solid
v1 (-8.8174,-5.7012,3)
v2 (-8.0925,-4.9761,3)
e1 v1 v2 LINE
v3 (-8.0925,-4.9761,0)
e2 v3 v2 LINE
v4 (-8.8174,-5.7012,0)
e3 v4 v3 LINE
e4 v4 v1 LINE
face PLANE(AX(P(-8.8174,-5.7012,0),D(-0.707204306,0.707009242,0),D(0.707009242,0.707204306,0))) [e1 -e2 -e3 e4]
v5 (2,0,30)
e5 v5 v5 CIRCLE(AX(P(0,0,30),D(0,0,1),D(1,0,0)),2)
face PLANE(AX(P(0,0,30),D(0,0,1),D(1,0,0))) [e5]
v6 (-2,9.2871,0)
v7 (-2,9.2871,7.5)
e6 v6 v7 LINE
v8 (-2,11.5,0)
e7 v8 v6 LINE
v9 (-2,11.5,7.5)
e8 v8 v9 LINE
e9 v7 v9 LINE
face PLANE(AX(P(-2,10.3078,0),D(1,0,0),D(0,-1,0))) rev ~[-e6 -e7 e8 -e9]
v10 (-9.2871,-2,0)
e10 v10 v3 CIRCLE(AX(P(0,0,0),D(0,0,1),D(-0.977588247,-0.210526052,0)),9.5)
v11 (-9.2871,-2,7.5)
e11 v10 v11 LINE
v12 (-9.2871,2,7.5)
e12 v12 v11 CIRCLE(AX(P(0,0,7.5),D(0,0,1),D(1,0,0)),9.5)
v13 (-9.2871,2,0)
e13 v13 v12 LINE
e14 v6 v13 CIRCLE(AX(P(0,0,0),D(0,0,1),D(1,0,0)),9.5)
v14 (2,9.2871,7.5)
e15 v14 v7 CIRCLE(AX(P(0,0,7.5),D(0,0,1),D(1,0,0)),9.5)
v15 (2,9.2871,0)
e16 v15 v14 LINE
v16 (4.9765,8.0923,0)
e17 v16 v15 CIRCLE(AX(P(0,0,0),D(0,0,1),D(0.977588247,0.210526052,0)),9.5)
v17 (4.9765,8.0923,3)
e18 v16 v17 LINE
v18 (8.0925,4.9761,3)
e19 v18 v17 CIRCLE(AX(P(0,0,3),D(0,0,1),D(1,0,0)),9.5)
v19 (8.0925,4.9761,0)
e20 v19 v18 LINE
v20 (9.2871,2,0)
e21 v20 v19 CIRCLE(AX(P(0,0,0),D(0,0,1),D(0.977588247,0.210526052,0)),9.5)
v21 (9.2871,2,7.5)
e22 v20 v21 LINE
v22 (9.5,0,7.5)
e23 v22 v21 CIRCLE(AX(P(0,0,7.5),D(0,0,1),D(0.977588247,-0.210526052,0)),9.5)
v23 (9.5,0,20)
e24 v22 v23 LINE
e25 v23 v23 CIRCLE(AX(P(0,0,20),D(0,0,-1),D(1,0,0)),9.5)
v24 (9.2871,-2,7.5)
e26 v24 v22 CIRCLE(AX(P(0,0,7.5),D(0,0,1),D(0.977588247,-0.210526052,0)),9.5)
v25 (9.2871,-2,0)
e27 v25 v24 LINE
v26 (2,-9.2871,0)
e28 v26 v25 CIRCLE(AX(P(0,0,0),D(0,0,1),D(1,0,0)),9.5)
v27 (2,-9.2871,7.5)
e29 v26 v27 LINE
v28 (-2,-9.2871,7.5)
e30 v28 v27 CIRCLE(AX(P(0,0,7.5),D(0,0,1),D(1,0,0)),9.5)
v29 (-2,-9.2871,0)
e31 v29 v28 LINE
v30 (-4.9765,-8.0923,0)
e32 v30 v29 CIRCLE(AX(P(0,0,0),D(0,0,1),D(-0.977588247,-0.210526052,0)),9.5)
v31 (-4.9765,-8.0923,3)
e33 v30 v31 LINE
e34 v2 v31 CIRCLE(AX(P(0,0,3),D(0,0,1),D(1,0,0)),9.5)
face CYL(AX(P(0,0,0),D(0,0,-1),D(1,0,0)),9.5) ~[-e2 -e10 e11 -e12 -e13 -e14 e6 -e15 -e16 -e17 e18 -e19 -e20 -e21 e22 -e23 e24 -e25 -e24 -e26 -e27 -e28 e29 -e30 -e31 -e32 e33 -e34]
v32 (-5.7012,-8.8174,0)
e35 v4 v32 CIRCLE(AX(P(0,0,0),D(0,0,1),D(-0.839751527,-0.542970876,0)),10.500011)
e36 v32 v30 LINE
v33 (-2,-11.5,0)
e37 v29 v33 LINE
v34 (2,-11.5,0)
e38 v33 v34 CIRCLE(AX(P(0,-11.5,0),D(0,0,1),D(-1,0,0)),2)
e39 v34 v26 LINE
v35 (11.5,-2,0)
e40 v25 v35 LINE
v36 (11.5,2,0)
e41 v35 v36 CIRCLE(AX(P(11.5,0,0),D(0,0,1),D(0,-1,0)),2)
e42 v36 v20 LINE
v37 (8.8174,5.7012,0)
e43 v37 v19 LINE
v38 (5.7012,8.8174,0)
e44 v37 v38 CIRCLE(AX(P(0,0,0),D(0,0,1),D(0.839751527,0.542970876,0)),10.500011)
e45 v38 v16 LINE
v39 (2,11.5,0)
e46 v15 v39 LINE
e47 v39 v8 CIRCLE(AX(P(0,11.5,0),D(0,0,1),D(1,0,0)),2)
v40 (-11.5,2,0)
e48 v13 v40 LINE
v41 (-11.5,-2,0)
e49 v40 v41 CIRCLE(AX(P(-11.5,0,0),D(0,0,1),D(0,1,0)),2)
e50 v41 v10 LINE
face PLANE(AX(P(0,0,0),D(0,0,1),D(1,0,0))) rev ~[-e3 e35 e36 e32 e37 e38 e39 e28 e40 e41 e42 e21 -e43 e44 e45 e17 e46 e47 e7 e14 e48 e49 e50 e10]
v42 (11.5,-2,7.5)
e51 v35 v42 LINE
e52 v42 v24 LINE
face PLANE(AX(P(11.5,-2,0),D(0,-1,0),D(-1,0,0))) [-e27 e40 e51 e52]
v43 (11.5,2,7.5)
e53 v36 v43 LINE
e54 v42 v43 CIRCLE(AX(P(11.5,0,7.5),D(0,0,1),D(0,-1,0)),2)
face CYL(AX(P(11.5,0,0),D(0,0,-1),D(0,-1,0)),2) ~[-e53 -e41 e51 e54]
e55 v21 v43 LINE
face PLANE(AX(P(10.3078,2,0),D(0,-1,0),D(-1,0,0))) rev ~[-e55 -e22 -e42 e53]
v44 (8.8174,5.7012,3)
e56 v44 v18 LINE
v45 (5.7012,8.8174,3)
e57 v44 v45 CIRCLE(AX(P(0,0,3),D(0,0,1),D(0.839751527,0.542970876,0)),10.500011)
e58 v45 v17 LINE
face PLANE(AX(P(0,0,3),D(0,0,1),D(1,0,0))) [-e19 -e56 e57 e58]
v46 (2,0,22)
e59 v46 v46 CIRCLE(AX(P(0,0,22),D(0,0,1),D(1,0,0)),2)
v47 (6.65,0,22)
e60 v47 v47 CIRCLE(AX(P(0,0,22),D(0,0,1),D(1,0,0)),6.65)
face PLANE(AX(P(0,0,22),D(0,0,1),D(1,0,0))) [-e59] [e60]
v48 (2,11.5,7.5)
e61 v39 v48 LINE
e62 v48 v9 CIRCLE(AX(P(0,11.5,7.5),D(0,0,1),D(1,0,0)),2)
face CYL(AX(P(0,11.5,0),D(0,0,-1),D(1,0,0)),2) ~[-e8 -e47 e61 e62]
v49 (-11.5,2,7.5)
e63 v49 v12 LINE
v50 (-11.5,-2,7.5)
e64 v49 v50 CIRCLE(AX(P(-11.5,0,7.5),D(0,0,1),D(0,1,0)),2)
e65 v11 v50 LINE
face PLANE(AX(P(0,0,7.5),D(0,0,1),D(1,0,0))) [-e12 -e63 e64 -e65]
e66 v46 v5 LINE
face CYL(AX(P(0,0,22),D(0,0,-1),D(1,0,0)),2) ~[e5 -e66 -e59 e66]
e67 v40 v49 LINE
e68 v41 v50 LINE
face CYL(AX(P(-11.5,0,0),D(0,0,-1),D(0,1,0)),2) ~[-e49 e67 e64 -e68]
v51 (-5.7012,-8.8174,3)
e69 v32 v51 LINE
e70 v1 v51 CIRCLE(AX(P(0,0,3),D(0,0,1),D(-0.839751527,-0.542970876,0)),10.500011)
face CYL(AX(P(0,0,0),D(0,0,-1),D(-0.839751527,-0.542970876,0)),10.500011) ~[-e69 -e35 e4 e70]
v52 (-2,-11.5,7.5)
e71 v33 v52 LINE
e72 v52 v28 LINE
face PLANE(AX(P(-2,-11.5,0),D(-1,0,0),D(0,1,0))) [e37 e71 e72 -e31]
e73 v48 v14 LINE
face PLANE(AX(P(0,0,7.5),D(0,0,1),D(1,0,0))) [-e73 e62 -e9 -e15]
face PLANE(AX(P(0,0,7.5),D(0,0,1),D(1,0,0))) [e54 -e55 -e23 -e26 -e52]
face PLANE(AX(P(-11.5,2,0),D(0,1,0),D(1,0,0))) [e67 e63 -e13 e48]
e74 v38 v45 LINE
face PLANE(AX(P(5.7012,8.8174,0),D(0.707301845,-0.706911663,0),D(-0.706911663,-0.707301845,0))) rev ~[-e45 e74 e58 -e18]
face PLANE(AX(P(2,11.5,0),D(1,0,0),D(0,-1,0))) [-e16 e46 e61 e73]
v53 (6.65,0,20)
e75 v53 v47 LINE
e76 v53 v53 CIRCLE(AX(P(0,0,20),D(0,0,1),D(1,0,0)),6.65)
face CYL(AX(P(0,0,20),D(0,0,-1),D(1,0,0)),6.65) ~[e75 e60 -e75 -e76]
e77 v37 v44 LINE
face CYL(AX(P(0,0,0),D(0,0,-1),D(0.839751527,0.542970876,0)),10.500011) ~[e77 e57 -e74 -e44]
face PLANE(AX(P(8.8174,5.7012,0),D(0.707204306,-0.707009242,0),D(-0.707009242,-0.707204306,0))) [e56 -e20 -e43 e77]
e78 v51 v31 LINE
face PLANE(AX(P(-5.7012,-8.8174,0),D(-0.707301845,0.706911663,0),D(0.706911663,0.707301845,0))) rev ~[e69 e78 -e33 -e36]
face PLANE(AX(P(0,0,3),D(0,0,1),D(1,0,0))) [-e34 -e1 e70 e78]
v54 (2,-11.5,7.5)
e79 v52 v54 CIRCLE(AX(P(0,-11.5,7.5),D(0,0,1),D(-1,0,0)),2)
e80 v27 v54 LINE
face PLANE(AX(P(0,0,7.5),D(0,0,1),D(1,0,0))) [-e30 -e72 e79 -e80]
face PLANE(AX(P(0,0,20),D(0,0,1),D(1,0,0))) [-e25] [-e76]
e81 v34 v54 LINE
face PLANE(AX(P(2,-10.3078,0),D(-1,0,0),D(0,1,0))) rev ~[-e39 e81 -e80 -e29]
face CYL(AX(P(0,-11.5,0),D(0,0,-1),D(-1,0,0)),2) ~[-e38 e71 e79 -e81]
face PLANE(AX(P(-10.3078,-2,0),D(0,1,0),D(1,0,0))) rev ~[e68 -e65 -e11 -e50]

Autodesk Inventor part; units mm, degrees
ref_plane "YZ Plane" through (0, 0, 0) normal (1, 0, 0) x (0, 1, 0)
ref_plane "XZ Plane" through (0, 0, 0) normal (0, 1, 0) x (-1, 0, 0)
ref_plane "XY Plane" through (0, 0, 0) normal (0, 0, 1) x (1, 0, 0)
sketch "Sketch1" plane through (0, 0, 0) normal (0, 0, 1) x (1, 0, 0)
  circle A0 centre (0, 0) radius 9.5
  arc A1 (2, 11.5) -> (-2, 11.5) centre (0, 11.5) ccw
  line L0 (-2, 11.5) -> (-2, 9.2871)
  line L1 (2, 11.5) -> (2, 9.2871)
  line L2 (11.5, -2) -> (9.2871, -2)
  arc A2 (11.5, -2) -> (11.5, 2) centre (11.5, 0) ccw
  line L3 (11.5, 2) -> (9.2871, 2)
  line L4 (-2, -11.5) -> (-2, -9.2871)
  arc A3 (-2, -11.5) -> (2, -11.5) centre (0, -11.5) ccw
  line L5 (2, -11.5) -> (2, -9.2871)
  line L6 (-11.5, 2) -> (-9.2871, 2)
  arc A4 (-11.5, 2) -> (-11.5, -2) centre (-11.5, 0) ccw
  line L7 (-11.5, -2) -> (-9.2871, -2)
  line L8 (0, 0) -> (6.7175, 6.7175) construction
  line L9 (0, 0) -> (9.5, 0) construction
  line L10 (5.7012, 8.8174) -> (4.9765, 8.0923)
  line L11 (8.8174, 5.7012) -> (8.0925, 4.9761)
  arc A5 (8.8174, 5.7012) -> (5.7012, 8.8174) centre (0, 0) ccw
  arc A6 (-10.3078, 2) -> (-10.3696, 1.6499) centre (0, 0) ccw
  arc A7 (-10.3696, -1.6499) -> (-10.3078, -2) centre (0, 0) ccw
  arc A8 (2, 10.3078) -> (1.6499, 10.3696) centre (0, 0) ccw
  arc A9 (-1.6499, 10.3696) -> (-2, 10.3078) centre (0, 0) ccw
  arc A10 (10.3078, -2) -> (10.5, 0) centre (0, 0) ccw
  arc A11 (10.3696, 1.6499) -> (10.3078, 2) centre (0, 0) ccw
  arc A12 (10.3078, -2) -> (10.3078, 2) centre (0, 0) ccw construction
  arc A13 (-2, -10.3078) -> (-1.6499, -10.3696) centre (0, 0) ccw
  arc A14 (1.6499, -10.3696) -> (2, -10.3078) centre (0, 0) ccw
  arc A15 (-2, -10.3078) -> (-1.6499, -10.3696) centre (0, 0) ccw construction
  arc A16 (1.6499, -10.3696) -> (2, -10.3078) centre (0, 0) ccw construction
  line L12 (-8.8174, -5.7012) -> (-8.0925, -4.9761)
  arc A17 (-8.8174, -5.7012) -> (-5.7012, -8.8174) centre (0, 0) ccw
  line L13 (-5.7012, -8.8174) -> (-4.9765, -8.0923)
  line L14 (7.4246, 7.4246) -> (0, 0) construction
  point P0 (-4.9765, -8.0923)
  dimension "d0" = 19
  dimension "d1" = 4
  dimension "d4" = 360
  dimension "d7" = 45
  dimension "d9" = 10.5
  dimension "d12" = 360
extrude "Extrusion1" add sketch "Sketch1" along normal blind 20 contours A0
extrude "Extrusion2" add sketch "Sketch1" along normal blind 7.5 contours A0 L3 A2 L2 | L5 A3 L4 A0 | A0 L0 A1 L1 | A0 L7 A4 L6
extrude "Extrusion3" add sketch "Sketch1" along normal blind 3 contours A0 L10 A5 L11 | L13 A17 L12 A0
sketch "Sketch2" plane through (0, 0, 20) normal (0, 0, 1) x (1, 0, 0)
  circle A0 centre (0, 0) radius 6.65
  dimension "d20" = 13.3
extrude "Extrusion4" add sketch "Sketch2" along normal blind 2
sketch "Sketch3" plane through (0, 0, 22) normal (0, 0, 1) x (1, 0, 0)
  circle A0 centre (0, 0) radius 2
  dimension "d23" = 4
extrude "Extrusion5" add sketch "Sketch3" along normal blind 8
properties part number "Solenoid Valve"
